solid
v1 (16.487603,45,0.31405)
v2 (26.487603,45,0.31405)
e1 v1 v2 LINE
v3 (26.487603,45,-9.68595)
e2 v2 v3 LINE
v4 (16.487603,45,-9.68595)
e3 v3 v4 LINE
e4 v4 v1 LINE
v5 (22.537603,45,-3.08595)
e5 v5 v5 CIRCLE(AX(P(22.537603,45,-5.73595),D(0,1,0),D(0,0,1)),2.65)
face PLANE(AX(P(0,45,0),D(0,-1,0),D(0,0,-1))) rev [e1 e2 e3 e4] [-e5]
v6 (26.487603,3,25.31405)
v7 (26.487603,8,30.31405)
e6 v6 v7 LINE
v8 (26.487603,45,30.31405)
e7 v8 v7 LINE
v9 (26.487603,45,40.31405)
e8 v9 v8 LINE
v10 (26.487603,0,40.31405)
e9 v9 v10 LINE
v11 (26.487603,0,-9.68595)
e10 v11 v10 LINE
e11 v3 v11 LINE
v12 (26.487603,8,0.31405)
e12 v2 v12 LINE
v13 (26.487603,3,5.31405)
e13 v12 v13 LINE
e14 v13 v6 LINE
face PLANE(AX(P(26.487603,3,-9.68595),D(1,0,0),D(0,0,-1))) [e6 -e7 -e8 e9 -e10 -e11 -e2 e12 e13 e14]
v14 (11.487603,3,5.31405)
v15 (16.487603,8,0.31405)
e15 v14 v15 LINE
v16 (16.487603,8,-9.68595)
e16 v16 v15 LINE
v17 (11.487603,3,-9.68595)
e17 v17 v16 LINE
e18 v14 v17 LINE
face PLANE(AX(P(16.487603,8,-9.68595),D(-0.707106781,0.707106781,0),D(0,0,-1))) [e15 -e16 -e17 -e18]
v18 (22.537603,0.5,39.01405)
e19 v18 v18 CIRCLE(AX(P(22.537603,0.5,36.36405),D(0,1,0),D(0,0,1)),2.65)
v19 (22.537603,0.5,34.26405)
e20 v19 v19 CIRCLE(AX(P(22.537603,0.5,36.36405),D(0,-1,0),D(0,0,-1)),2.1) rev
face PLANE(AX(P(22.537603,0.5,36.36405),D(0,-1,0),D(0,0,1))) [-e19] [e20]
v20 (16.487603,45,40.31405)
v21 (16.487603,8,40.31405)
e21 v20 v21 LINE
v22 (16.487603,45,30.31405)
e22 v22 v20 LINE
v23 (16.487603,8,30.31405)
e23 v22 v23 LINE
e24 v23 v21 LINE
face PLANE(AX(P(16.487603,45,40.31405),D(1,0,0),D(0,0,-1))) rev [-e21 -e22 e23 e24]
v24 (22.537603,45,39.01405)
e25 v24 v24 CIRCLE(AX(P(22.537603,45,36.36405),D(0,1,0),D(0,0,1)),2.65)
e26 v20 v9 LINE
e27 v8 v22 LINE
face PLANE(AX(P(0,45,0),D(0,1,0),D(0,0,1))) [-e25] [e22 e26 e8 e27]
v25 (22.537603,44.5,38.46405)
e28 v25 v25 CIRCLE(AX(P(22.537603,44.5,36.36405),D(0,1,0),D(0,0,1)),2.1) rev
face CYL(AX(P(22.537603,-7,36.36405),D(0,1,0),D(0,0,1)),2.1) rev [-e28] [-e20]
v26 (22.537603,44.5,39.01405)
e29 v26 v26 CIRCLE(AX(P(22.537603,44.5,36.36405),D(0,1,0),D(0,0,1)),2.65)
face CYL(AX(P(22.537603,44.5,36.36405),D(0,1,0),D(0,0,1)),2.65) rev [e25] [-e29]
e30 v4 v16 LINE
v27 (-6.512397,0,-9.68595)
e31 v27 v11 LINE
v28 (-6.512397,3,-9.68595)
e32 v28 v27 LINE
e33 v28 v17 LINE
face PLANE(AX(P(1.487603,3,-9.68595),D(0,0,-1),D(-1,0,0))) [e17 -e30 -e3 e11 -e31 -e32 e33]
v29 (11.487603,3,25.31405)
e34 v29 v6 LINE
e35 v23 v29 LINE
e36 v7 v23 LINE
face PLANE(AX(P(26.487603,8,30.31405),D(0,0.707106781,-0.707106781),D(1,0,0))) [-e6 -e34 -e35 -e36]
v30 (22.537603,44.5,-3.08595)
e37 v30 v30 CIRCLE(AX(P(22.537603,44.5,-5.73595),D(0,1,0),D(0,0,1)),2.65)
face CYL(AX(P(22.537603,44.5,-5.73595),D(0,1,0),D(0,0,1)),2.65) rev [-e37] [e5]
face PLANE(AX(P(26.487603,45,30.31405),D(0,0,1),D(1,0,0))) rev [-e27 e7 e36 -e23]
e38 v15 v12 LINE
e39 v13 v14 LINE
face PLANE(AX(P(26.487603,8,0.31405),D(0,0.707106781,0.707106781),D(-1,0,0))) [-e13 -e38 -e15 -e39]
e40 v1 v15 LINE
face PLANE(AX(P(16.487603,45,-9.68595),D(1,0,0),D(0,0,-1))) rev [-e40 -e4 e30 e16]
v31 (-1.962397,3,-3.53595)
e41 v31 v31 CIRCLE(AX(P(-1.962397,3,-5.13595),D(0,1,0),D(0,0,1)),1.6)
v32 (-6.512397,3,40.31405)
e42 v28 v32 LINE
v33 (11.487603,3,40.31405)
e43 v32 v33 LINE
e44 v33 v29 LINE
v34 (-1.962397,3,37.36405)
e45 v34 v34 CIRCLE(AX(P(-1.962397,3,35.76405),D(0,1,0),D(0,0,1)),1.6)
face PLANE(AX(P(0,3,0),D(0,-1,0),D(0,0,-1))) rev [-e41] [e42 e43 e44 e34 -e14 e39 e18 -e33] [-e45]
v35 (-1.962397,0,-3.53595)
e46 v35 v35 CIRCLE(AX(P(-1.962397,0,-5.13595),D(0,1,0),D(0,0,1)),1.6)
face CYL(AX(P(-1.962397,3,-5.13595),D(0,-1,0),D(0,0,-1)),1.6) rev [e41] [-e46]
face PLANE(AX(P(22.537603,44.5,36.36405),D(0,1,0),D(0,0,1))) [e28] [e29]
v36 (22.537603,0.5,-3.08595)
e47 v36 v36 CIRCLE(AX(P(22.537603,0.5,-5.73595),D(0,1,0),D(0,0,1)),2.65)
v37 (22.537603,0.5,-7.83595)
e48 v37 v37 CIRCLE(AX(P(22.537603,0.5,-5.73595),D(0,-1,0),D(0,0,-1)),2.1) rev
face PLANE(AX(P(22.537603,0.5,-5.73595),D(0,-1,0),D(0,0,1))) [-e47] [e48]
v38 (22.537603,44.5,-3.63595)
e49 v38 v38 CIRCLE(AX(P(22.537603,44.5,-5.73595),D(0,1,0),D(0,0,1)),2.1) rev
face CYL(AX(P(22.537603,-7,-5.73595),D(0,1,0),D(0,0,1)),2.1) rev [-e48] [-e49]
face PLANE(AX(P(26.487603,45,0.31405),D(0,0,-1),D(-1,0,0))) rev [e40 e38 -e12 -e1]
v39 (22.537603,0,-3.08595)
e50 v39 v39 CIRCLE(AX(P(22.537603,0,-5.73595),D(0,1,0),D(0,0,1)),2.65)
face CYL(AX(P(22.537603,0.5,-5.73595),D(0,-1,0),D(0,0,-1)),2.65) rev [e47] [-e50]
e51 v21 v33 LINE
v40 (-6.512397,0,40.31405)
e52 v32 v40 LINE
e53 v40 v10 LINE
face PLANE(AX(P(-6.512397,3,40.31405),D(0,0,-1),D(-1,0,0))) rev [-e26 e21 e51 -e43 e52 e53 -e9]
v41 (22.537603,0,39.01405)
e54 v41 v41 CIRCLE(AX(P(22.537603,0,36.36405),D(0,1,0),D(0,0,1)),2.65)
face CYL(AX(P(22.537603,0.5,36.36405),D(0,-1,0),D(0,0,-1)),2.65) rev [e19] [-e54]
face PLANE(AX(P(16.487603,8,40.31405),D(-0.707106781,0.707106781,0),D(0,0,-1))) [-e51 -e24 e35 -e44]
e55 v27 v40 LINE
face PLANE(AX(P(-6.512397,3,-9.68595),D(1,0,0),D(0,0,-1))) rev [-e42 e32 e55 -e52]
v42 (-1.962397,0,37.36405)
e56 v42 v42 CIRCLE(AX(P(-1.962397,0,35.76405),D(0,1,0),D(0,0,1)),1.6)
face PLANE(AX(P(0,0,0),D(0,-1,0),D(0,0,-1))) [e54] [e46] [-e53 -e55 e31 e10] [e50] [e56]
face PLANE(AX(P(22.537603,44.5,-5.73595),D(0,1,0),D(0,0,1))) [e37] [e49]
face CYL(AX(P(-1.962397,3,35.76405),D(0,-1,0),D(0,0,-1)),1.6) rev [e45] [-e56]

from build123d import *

# Parameters (mm, degrees)
SKETCH1_R           = 1.6
BOSS_EXTRUDE1_DEPTH = 3
SKETCH2_W           = 10
SKETCH2_H           = 10
BOSS_EXTRUDE2_DEPTH = 42
CHAMFER1_SIZE       = 5
SKETCH3_R           = 2.1
CUT_EXTRUDE1_DEPTH  = 52
SKETCH4_R           = 2.65
CUT_EXTRUDE2_DEPTH  = 0.5


with BuildPart() as part:
    # Sketch1 → Boss-Extrude1 (new body)
    with BuildSketch(Plane(origin=(0, 0, 0), x_dir=(1, 0, 0), z_dir=(0, 1, 0))):
        Polygon((-6.512396694, 9.685950413), (1.487603306, 9.685950413), (26.487603306, 9.685950413), (26.487603306, -40.314049587), (1.487603306, -40.314049587), (-6.512396694, -40.314049587), align=None)
        with Locations(Location((-1.962396694, -35.764049587, 0), (0, 0, 270))):
            Circle(SKETCH1_R, mode=Mode.SUBTRACT)
        with Locations(Location((-1.962396694, 5.135950413, 0), (0, 0, 270))):
            Circle(SKETCH1_R, mode=Mode.SUBTRACT)
    extrude(amount=BOSS_EXTRUDE1_DEPTH)

    # Sketch2 → Boss-Extrude2 (add)
    with BuildSketch(Plane(origin=(0, 3, 0), x_dir=(1, 0, 0), z_dir=(0, 1, 0))):
        with Locations((21.487603306, -35.314049587)):
            Rectangle(SKETCH2_W, SKETCH2_H)
        with Locations((21.487603306, 4.685950413)):
            Rectangle(SKETCH2_W, SKETCH2_H)
    extrude(amount=BOSS_EXTRUDE2_DEPTH)

    # Chamfer1
    chamfer1_edges = [part.edges().sort_by_distance(p)[0] for p in [
        (21.487603306, 3, 30.314049587),
        (16.487603306, 3, 35.314049587),
        (16.487603306, 3, -4.685950413),
        (21.487603306, 3, 0.314049587),
    ]]
    chamfer(chamfer1_edges, length=CHAMFER1_SIZE)

    # Sketch3 → Cut-Extrude1 (cut)
    with BuildSketch(Plane(origin=(0, 45, 0), x_dir=(1, 0, 0), z_dir=(0, 1, 0))):
        with Locations(Location((22.537603306, -36.364049587, 0), (0, 0, 270))):
            Circle(SKETCH3_R)
        with Locations(Location((22.537603306, 5.735950413, 0), (0, 0, 270))):
            Circle(SKETCH3_R)
    extrude(amount=-CUT_EXTRUDE1_DEPTH, mode=Mode.SUBTRACT)

    # Sketch4 → Cut-Extrude2 (cut)
    with BuildSketch(Plane(origin=(0, 45, 0), x_dir=(1, 0, 0), z_dir=(0, 1, 0))):
        with Locations(Location((22.537603306, -36.364049587, 0), (0, 0, 270))):
            Circle(SKETCH4_R)
        with Locations(Location((22.537603306, 5.735950413, 0), (0, 0, 270))):
            Circle(SKETCH4_R)
    cut_extrude2 = extrude(amount=-CUT_EXTRUDE2_DEPTH, mode=Mode.SUBTRACT)

    # Mirror1: Cut-Extrude2 across plane
    add(cut_extrude2.mirror(Plane(origin=(0, 22.5, 0), x_dir=(0, 0, 1), z_dir=(0, -1, 0))), mode=Mode.SUBTRACT)


solid = part.part
